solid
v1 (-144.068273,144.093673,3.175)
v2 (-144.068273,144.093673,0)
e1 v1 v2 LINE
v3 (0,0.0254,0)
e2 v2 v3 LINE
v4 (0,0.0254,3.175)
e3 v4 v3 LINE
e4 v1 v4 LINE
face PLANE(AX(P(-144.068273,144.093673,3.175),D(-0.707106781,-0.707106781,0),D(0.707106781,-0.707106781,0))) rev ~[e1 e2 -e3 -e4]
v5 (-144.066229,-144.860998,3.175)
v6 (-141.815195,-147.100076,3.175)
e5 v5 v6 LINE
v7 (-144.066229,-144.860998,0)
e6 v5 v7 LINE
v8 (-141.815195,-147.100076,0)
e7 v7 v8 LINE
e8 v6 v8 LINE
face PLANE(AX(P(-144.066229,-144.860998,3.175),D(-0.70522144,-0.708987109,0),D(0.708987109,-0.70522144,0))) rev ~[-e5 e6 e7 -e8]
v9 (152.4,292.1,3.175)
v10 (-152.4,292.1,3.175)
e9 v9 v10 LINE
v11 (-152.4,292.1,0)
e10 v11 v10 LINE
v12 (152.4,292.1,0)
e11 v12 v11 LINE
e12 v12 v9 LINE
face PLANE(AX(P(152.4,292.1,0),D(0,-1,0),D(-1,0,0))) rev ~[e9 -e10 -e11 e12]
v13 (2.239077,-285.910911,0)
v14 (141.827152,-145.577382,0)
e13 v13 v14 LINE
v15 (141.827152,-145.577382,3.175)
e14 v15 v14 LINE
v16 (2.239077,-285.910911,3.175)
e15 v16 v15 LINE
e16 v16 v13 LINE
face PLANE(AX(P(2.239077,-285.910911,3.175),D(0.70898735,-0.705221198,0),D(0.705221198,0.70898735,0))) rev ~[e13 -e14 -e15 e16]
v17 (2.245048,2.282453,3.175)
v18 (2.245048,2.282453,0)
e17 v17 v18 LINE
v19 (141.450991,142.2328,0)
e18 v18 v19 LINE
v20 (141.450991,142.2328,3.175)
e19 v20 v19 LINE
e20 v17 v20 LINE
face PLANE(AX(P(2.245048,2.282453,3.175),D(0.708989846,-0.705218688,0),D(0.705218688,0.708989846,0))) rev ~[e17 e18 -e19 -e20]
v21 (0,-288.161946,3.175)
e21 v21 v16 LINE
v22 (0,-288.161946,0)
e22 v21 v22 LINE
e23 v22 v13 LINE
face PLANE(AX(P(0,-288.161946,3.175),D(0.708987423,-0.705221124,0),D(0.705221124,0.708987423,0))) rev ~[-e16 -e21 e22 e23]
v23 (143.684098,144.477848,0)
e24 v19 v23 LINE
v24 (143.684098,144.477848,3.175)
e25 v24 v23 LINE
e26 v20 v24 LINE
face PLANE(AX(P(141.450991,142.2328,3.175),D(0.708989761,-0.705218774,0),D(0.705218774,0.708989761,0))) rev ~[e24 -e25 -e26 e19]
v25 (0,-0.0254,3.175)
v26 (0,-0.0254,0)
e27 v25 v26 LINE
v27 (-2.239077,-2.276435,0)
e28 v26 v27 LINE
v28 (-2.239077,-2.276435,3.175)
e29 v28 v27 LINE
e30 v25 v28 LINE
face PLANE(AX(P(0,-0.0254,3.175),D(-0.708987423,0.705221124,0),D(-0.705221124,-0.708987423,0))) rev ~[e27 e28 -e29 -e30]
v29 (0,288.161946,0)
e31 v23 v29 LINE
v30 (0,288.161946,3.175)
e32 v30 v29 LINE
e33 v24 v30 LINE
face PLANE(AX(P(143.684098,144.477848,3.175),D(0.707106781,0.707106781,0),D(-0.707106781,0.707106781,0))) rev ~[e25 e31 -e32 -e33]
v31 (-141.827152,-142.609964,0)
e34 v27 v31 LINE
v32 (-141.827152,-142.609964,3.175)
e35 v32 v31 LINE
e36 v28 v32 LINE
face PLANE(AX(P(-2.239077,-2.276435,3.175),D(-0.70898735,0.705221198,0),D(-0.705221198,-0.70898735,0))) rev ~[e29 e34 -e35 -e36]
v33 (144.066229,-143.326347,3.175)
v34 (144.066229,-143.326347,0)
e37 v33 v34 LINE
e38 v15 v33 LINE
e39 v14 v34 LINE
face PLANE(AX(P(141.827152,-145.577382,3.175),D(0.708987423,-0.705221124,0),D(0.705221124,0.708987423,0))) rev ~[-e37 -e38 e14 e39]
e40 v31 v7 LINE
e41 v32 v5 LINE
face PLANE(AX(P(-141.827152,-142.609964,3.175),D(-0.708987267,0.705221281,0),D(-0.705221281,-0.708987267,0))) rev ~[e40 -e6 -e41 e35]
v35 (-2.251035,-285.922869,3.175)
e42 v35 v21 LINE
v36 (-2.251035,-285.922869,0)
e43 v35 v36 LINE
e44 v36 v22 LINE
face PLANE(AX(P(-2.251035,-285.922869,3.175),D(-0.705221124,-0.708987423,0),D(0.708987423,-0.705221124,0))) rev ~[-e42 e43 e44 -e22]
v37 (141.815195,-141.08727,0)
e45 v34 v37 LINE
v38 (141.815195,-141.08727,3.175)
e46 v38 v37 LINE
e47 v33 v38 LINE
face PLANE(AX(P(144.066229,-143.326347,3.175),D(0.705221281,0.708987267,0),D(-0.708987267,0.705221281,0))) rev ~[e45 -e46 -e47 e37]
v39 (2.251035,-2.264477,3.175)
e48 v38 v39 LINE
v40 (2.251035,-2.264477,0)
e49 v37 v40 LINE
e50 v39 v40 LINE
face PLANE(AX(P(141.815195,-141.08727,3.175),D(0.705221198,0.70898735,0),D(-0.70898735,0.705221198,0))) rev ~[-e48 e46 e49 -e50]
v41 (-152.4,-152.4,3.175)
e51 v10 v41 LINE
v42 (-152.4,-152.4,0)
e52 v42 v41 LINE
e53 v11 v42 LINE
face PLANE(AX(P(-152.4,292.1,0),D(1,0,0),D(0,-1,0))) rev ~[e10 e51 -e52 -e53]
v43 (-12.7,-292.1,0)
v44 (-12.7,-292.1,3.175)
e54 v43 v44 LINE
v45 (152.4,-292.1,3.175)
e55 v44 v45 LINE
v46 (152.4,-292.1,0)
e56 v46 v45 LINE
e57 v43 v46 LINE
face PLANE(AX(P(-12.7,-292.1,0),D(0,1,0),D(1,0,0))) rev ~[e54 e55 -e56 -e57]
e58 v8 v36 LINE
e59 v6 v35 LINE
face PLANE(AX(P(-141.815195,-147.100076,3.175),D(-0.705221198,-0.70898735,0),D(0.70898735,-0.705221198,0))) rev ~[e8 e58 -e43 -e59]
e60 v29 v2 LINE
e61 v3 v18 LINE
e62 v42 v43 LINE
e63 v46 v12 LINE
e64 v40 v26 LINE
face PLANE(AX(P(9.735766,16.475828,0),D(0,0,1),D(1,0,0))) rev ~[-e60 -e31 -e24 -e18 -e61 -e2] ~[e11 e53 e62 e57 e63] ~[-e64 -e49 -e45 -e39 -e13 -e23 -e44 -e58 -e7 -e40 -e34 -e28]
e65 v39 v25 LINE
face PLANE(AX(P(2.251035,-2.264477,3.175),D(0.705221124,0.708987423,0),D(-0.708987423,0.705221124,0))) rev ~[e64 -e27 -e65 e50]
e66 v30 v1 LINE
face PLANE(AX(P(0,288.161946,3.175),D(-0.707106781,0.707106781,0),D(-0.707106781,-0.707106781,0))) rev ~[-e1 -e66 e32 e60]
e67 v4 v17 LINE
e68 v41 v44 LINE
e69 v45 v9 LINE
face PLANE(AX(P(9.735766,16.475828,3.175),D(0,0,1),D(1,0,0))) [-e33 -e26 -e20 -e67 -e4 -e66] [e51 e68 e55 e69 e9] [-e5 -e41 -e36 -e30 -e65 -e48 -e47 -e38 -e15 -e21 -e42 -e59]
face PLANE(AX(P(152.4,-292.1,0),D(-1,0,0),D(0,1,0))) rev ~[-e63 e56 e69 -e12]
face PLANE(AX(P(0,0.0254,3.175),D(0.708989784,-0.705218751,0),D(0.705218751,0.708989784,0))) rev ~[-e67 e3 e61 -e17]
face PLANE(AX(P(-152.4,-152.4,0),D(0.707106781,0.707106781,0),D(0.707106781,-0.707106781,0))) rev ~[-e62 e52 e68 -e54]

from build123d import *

# Parameters (mm, degrees)
F1_DEPTH = 3.175
F3_DEPTH = 25.4


with BuildPart() as f1:
    # F0 (on Top) → F1 (new body)
    with BuildSketch(Plane.XY):
        Polygon((152.4, -152.4), (152.4, 292.1), (-152.4, 292.1), (-152.4, -152.4), (-12.7, -292.1), (12.7, -292.1), (152.4, -292.1), align=None)
    extrude(amount=F1_DEPTH)

    # F2 (on face) → F3 (cut)
    with BuildSketch(Plane.XY.offset(3.175)):
        with BuildLine():
            Line((-2.245064, 285.916882), (-141.823209, 146.338737))
            ThreePointArc((-141.823209, 146.338737), (-142.753145, 144.093673), (-141.823209, 141.848609))
            Line((-141.823209, 141.848609), (-2.251059, 2.276459))
            ThreePointArc((-2.251059, 2.276459), (-0.001761, 1.346526), (2.245048, 2.282453))
            Line((2.245048, 2.282453), (141.450991, 142.2328))
            ThreePointArc((141.450991, 142.2328), (142.374946, 144.476102), (141.445013, 146.716933))
            Line((141.445013, 146.716933), (2.245064, 285.916882))
            ThreePointArc((2.245064, 285.916882), (0, 286.846818), (-2.245064, 285.916882))
        make_face()
        with BuildLine():
            ThreePointArc((-141.823209, 141.848609), (-142.753145, 144.093673), (-141.823209, 146.338737))
            Line((-141.823209, 146.338737), (-144.068273, 144.093673))
            Line((-144.068273, 144.093673), (-141.823209, 141.848609))
        make_face()
        with BuildLine():
            Line((0, 288.161946), (-2.245064, 285.916882))
            ThreePointArc((-2.245064, 285.916882), (0, 286.846818), (2.245064, 285.916882))
            Line((2.245064, 285.916882), (0, 288.161946))
        make_face()
        with BuildLine():
            ThreePointArc((2.245048, 2.282453), (-0.001761, 1.346526), (-2.251059, 2.276459))
            Line((-2.251059, 2.276459), (0, 0.0254))
            Line((0, 0.0254), (2.245048, 2.282453))
        make_face()
        with BuildLine():
            Line((143.684098, 144.477848), (141.445013, 146.716933))
            ThreePointArc((141.445013, 146.716933), (142.374946, 144.476102), (141.450991, 142.2328))
            Line((141.450991, 142.2328), (143.684098, 144.477848))
        make_face()
        with BuildLine():
            ThreePointArc((-141.827152, -142.609964), (-142.751106, -144.857496), (-141.815195, -147.100076))
            Line((-141.815195, -147.100076), (-2.251035, -285.922869))
            ThreePointArc((-2.251035, -285.922869), (-0.003502, -286.846822), (2.239077, -285.910911))
            Line((2.239077, -285.910911), (141.827152, -145.577382))
            ThreePointArc((141.827152, -145.577382), (142.751106, -143.32985), (141.815195, -141.08727))
            Line((141.815195, -141.08727), (2.251035, -2.264477))
            ThreePointArc((2.251035, -2.264477), (0.003502, -1.340523), (-2.239077, -2.276435))
            Line((-2.239077, -2.276435), (-141.827152, -142.609964))
        make_face()
        with BuildLine():
            Line((-144.066229, -144.860998), (-141.815195, -147.100076))
            ThreePointArc((-141.815195, -147.100076), (-142.751106, -144.857496), (-141.827152, -142.609964))
            Line((-141.827152, -142.609964), (-144.066229, -144.860998))
        make_face()
        with BuildLine():
            ThreePointArc((2.239077, -285.910911), (-0.003502, -286.846822), (-2.251035, -285.922869))
            Line((-2.251035, -285.922869), (0, -288.161946))
            Line((0, -288.161946), (2.239077, -285.910911))
        make_face()
        with BuildLine():
            Line((0, -0.0254), (-2.239077, -2.276435))
            ThreePointArc((-2.239077, -2.276435), (0.003502, -1.340523), (2.251035, -2.264477))
            Line((2.251035, -2.264477), (0, -0.0254))
        make_face()
        with BuildLine():
            ThreePointArc((141.815195, -141.08727), (142.751106, -143.32985), (141.827152, -145.577382))
            Line((141.827152, -145.577382), (144.066229, -143.326347))
            Line((144.066229, -143.326347), (141.815195, -141.08727))
        make_face()
    extrude(amount=-F3_DEPTH, mode=Mode.SUBTRACT)


solid = f1.part
